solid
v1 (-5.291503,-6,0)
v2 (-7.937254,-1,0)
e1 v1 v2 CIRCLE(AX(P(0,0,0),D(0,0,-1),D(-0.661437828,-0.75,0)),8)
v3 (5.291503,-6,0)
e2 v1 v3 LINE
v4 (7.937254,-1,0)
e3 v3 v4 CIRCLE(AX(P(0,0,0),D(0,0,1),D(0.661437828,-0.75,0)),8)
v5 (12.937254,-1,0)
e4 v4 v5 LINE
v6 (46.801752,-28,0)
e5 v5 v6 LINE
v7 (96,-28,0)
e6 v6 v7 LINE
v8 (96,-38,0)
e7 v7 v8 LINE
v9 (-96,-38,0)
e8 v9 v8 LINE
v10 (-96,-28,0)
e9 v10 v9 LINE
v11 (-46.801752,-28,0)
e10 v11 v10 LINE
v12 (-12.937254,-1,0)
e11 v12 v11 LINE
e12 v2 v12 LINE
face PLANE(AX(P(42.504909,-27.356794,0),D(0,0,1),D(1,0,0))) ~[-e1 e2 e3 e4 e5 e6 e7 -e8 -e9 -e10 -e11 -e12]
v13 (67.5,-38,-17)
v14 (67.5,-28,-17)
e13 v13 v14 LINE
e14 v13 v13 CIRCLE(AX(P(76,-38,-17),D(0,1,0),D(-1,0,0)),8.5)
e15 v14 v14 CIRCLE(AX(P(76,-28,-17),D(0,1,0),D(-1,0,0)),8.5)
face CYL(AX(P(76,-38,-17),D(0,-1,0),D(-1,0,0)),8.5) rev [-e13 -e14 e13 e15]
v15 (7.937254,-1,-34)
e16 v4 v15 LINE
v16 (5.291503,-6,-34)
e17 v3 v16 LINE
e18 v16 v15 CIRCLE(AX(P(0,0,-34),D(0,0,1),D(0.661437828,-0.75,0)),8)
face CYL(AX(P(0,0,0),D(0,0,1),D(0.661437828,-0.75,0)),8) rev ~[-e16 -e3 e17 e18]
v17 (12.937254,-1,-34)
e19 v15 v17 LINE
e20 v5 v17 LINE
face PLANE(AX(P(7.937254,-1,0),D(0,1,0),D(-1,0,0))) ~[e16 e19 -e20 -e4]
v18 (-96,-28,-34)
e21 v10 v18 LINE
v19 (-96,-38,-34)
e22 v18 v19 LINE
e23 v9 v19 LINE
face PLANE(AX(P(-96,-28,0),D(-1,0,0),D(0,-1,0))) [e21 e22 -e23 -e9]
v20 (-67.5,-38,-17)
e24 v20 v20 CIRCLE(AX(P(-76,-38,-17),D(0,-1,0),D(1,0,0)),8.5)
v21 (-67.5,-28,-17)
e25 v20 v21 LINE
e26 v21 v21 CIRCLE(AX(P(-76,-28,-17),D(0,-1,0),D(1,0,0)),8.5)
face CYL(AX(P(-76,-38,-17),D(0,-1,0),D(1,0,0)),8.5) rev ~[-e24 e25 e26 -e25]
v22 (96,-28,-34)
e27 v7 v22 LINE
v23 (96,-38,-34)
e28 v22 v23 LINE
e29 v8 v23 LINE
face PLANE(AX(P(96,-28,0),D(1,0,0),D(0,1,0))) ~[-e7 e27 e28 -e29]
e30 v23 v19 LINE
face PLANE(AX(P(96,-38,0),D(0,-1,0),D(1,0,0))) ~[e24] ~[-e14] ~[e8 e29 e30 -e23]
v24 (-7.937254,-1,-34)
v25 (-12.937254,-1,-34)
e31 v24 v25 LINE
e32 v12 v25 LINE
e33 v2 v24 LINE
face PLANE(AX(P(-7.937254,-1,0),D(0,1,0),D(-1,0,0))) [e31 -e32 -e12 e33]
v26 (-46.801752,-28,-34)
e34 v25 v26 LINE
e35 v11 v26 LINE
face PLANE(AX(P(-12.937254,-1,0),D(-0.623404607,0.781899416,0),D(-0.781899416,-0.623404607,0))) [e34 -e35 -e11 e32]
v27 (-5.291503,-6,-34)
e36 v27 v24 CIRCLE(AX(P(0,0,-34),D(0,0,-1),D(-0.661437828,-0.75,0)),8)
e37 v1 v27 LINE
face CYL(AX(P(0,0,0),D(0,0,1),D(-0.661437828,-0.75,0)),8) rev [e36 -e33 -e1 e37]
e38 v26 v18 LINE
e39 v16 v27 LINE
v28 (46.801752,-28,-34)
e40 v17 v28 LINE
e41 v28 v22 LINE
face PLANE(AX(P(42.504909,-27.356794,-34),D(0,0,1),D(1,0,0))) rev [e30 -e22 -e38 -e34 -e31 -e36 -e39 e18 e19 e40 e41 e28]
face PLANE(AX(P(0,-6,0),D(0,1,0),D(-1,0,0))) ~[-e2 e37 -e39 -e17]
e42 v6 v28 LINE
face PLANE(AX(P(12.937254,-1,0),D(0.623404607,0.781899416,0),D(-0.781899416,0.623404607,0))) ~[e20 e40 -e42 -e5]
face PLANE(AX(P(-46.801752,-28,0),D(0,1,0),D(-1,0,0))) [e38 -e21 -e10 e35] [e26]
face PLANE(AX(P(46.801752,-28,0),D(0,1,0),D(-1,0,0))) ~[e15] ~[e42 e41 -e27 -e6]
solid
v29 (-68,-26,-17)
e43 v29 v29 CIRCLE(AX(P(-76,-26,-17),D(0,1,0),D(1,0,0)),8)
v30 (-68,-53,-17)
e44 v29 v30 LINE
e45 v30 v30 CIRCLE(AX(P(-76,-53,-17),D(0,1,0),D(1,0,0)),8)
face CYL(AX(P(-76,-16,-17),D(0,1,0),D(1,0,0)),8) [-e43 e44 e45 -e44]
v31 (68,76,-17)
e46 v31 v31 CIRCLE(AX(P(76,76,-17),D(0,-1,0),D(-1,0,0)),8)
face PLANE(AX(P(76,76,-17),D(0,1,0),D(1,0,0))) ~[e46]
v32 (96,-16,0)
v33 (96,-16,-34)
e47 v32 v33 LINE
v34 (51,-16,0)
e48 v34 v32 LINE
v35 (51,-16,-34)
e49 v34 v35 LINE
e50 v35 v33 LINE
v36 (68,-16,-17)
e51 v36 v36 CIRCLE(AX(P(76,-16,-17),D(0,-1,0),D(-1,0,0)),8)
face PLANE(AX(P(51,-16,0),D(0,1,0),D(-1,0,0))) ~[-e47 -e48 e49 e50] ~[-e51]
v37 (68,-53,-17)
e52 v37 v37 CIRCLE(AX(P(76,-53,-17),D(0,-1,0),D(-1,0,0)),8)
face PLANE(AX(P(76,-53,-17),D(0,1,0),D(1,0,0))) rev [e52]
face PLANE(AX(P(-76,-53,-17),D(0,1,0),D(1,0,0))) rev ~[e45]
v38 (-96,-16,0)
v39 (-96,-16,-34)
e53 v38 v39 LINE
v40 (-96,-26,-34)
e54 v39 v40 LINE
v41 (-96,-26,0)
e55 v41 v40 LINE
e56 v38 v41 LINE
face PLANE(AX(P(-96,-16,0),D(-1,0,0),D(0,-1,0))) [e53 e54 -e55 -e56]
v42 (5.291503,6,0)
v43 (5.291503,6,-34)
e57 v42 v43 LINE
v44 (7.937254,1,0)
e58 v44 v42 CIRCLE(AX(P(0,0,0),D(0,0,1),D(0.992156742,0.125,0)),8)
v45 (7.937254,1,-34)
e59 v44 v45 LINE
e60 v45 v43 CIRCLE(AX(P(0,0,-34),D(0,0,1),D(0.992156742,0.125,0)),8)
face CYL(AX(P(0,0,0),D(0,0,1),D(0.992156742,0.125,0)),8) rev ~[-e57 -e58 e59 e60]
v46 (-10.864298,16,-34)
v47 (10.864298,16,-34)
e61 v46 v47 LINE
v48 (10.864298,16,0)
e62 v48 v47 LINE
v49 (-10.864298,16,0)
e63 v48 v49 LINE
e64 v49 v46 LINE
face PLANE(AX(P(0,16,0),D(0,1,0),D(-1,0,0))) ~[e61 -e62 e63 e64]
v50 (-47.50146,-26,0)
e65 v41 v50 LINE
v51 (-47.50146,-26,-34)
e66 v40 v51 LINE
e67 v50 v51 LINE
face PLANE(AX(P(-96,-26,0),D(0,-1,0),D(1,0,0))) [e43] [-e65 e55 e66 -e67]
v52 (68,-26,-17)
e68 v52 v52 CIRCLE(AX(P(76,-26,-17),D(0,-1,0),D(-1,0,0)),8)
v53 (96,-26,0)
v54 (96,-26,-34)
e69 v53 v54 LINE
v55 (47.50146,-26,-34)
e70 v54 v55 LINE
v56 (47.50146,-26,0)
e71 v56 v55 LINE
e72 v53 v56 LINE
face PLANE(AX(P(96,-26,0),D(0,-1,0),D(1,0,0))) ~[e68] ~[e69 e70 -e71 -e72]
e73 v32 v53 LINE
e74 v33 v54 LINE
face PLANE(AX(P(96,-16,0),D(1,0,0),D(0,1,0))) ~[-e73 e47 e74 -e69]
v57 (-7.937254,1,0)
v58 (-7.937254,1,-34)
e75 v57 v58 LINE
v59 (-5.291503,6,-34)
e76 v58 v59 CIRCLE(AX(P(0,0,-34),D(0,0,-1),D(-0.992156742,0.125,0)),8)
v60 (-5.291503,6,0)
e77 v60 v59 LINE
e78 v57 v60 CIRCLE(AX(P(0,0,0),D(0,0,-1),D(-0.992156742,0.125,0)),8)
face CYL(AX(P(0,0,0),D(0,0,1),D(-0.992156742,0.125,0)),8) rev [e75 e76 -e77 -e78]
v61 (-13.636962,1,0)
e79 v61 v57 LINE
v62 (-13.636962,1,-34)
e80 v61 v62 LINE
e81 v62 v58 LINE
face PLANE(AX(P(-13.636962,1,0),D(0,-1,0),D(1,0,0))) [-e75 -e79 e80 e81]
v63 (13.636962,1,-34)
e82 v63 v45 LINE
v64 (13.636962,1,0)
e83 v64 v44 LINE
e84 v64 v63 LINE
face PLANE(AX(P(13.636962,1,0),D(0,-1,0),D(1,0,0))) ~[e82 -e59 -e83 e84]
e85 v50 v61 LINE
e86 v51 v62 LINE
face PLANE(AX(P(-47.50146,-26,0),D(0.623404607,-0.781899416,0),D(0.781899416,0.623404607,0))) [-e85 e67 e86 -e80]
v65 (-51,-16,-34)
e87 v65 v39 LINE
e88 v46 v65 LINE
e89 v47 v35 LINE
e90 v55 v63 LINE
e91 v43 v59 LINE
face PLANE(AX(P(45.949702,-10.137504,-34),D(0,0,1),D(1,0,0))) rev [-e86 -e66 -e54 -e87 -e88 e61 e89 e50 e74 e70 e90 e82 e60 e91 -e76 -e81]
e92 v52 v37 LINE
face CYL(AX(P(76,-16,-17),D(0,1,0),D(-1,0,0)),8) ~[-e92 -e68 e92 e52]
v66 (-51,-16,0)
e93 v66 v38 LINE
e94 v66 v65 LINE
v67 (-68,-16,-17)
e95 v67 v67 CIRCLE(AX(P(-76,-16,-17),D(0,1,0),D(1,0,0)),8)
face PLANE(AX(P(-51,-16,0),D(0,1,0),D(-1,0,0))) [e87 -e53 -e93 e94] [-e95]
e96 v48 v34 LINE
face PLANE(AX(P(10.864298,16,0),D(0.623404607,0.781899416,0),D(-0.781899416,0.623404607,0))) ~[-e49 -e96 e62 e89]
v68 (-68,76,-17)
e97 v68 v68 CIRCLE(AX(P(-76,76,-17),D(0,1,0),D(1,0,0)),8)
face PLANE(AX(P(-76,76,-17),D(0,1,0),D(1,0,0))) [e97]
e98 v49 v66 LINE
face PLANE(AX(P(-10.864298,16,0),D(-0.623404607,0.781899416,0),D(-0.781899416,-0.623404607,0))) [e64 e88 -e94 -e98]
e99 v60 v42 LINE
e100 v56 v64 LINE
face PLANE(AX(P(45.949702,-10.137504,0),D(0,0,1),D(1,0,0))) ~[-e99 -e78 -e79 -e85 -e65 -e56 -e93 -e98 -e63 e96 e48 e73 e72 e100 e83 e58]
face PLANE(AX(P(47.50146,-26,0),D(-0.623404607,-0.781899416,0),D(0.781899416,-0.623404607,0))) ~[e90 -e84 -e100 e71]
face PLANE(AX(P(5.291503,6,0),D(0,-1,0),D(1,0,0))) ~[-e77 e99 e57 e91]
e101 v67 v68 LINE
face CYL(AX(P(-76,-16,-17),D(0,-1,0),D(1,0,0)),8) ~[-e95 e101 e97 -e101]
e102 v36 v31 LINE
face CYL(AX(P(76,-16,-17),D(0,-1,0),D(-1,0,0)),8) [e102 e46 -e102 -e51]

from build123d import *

# Parameters (mm, degrees)
EXTRUDE_1_DEPTH      = 34
EXTRUDE_1_2_DEPTH    = 34
SKETCH_3_R           = 8
EXTRUDE_2_DEPTH      = 92
EXTRUDE_2_DEPTH_BACK = 37
SKETCH_4_R           = 8.5
CUT_EXTRUDE_1_DEPTH  = 10


with BuildPart() as part:
    # Эскиз2 → Бобышка-Вытянуть1 (new body)
    with BuildSketch(Plane.XY):
        with BuildLine():
            Line((-5.291502622, 6), (0, 6))
            Line((0, 6), (0, 16))
            Line((0, 16), (-10.864298335, 16))
            Line((-10.864298335, 16), (-51, -16))
            Line((-51, -16), (-96, -16))
            Line((-96, -16), (-96, -26))
            Line((-96, -26), (-47.501460178, -26))
            Line((-47.501460178, -26), (-13.636961898, 1))
            Line((-13.636961898, 1), (-7.937253933, 1))
            ThreePointArc((-7.937253933, 1), (-7.071067812, 3.741657387), (-5.291502622, 6))
        make_face()
    extrude(amount=-EXTRUDE_1_DEPTH)

    # Эскиз3 → Бобышка-Вытянуть2 (add, two sides)
    with BuildSketch(Plane(origin=(0, -16, 0), x_dir=(1, 0, 0), z_dir=(0, 1, 0))) as extrude_2_sk:
        with Locations((-76, 17)):
            Circle(SKETCH_3_R)
    extrude(amount=EXTRUDE_2_DEPTH)
    extrude(extrude_2_sk.sketch, amount=-EXTRUDE_2_DEPTH_BACK)

    # Mirror 1 2: part across plane


with BuildPart() as body_2:
    # Эскиз2 → Extrude 1 2 (new body)
    with BuildSketch(Plane.XY):
        with BuildLine():
            Line((0, -6), (-5.291502622, -6))
            ThreePointArc((-5.291502622, -6), (-7.071067812, -3.741657387), (-7.937253933, -1))
            Line((-7.937253933, -1), (-12.937253933, -1))
            Line((-12.937253933, -1), (-46.801752213, -28))
            Line((-46.801752213, -28), (-96, -28))
            Line((-96, -28), (-96, -38))
            Line((-96, -38), (0, -38))
            Line((0, -38), (0, -6))
        make_face()
    extrude(amount=-EXTRUDE_1_2_DEPTH)

    # Эскиз4 → Вырез-Вытянуть1 (cut)
    with BuildSketch(Plane.XZ.offset(38)):
        with Locations((-76, -17)):
            Circle(SKETCH_4_R)
    extrude(amount=-CUT_EXTRUDE_1_DEPTH, mode=Mode.SUBTRACT)

    # Зеркальное отражение1: body 2 across plane


with BuildPart() as body_2_1:
    add(body_2.part)
    add(body_2.part.mirror(Plane(origin=(0, -6, -138.785495179), x_dir=(0, 0, 1), z_dir=(1, 0, 0))))


with BuildPart() as part_1:
    add(part.part)
    add(part.part.mirror(Plane(origin=(0, -6, -138.785495179), x_dir=(0, 0, 1), z_dir=(1, 0, 0))))


solid = Compound([body_2_1.part, part_1.part])
